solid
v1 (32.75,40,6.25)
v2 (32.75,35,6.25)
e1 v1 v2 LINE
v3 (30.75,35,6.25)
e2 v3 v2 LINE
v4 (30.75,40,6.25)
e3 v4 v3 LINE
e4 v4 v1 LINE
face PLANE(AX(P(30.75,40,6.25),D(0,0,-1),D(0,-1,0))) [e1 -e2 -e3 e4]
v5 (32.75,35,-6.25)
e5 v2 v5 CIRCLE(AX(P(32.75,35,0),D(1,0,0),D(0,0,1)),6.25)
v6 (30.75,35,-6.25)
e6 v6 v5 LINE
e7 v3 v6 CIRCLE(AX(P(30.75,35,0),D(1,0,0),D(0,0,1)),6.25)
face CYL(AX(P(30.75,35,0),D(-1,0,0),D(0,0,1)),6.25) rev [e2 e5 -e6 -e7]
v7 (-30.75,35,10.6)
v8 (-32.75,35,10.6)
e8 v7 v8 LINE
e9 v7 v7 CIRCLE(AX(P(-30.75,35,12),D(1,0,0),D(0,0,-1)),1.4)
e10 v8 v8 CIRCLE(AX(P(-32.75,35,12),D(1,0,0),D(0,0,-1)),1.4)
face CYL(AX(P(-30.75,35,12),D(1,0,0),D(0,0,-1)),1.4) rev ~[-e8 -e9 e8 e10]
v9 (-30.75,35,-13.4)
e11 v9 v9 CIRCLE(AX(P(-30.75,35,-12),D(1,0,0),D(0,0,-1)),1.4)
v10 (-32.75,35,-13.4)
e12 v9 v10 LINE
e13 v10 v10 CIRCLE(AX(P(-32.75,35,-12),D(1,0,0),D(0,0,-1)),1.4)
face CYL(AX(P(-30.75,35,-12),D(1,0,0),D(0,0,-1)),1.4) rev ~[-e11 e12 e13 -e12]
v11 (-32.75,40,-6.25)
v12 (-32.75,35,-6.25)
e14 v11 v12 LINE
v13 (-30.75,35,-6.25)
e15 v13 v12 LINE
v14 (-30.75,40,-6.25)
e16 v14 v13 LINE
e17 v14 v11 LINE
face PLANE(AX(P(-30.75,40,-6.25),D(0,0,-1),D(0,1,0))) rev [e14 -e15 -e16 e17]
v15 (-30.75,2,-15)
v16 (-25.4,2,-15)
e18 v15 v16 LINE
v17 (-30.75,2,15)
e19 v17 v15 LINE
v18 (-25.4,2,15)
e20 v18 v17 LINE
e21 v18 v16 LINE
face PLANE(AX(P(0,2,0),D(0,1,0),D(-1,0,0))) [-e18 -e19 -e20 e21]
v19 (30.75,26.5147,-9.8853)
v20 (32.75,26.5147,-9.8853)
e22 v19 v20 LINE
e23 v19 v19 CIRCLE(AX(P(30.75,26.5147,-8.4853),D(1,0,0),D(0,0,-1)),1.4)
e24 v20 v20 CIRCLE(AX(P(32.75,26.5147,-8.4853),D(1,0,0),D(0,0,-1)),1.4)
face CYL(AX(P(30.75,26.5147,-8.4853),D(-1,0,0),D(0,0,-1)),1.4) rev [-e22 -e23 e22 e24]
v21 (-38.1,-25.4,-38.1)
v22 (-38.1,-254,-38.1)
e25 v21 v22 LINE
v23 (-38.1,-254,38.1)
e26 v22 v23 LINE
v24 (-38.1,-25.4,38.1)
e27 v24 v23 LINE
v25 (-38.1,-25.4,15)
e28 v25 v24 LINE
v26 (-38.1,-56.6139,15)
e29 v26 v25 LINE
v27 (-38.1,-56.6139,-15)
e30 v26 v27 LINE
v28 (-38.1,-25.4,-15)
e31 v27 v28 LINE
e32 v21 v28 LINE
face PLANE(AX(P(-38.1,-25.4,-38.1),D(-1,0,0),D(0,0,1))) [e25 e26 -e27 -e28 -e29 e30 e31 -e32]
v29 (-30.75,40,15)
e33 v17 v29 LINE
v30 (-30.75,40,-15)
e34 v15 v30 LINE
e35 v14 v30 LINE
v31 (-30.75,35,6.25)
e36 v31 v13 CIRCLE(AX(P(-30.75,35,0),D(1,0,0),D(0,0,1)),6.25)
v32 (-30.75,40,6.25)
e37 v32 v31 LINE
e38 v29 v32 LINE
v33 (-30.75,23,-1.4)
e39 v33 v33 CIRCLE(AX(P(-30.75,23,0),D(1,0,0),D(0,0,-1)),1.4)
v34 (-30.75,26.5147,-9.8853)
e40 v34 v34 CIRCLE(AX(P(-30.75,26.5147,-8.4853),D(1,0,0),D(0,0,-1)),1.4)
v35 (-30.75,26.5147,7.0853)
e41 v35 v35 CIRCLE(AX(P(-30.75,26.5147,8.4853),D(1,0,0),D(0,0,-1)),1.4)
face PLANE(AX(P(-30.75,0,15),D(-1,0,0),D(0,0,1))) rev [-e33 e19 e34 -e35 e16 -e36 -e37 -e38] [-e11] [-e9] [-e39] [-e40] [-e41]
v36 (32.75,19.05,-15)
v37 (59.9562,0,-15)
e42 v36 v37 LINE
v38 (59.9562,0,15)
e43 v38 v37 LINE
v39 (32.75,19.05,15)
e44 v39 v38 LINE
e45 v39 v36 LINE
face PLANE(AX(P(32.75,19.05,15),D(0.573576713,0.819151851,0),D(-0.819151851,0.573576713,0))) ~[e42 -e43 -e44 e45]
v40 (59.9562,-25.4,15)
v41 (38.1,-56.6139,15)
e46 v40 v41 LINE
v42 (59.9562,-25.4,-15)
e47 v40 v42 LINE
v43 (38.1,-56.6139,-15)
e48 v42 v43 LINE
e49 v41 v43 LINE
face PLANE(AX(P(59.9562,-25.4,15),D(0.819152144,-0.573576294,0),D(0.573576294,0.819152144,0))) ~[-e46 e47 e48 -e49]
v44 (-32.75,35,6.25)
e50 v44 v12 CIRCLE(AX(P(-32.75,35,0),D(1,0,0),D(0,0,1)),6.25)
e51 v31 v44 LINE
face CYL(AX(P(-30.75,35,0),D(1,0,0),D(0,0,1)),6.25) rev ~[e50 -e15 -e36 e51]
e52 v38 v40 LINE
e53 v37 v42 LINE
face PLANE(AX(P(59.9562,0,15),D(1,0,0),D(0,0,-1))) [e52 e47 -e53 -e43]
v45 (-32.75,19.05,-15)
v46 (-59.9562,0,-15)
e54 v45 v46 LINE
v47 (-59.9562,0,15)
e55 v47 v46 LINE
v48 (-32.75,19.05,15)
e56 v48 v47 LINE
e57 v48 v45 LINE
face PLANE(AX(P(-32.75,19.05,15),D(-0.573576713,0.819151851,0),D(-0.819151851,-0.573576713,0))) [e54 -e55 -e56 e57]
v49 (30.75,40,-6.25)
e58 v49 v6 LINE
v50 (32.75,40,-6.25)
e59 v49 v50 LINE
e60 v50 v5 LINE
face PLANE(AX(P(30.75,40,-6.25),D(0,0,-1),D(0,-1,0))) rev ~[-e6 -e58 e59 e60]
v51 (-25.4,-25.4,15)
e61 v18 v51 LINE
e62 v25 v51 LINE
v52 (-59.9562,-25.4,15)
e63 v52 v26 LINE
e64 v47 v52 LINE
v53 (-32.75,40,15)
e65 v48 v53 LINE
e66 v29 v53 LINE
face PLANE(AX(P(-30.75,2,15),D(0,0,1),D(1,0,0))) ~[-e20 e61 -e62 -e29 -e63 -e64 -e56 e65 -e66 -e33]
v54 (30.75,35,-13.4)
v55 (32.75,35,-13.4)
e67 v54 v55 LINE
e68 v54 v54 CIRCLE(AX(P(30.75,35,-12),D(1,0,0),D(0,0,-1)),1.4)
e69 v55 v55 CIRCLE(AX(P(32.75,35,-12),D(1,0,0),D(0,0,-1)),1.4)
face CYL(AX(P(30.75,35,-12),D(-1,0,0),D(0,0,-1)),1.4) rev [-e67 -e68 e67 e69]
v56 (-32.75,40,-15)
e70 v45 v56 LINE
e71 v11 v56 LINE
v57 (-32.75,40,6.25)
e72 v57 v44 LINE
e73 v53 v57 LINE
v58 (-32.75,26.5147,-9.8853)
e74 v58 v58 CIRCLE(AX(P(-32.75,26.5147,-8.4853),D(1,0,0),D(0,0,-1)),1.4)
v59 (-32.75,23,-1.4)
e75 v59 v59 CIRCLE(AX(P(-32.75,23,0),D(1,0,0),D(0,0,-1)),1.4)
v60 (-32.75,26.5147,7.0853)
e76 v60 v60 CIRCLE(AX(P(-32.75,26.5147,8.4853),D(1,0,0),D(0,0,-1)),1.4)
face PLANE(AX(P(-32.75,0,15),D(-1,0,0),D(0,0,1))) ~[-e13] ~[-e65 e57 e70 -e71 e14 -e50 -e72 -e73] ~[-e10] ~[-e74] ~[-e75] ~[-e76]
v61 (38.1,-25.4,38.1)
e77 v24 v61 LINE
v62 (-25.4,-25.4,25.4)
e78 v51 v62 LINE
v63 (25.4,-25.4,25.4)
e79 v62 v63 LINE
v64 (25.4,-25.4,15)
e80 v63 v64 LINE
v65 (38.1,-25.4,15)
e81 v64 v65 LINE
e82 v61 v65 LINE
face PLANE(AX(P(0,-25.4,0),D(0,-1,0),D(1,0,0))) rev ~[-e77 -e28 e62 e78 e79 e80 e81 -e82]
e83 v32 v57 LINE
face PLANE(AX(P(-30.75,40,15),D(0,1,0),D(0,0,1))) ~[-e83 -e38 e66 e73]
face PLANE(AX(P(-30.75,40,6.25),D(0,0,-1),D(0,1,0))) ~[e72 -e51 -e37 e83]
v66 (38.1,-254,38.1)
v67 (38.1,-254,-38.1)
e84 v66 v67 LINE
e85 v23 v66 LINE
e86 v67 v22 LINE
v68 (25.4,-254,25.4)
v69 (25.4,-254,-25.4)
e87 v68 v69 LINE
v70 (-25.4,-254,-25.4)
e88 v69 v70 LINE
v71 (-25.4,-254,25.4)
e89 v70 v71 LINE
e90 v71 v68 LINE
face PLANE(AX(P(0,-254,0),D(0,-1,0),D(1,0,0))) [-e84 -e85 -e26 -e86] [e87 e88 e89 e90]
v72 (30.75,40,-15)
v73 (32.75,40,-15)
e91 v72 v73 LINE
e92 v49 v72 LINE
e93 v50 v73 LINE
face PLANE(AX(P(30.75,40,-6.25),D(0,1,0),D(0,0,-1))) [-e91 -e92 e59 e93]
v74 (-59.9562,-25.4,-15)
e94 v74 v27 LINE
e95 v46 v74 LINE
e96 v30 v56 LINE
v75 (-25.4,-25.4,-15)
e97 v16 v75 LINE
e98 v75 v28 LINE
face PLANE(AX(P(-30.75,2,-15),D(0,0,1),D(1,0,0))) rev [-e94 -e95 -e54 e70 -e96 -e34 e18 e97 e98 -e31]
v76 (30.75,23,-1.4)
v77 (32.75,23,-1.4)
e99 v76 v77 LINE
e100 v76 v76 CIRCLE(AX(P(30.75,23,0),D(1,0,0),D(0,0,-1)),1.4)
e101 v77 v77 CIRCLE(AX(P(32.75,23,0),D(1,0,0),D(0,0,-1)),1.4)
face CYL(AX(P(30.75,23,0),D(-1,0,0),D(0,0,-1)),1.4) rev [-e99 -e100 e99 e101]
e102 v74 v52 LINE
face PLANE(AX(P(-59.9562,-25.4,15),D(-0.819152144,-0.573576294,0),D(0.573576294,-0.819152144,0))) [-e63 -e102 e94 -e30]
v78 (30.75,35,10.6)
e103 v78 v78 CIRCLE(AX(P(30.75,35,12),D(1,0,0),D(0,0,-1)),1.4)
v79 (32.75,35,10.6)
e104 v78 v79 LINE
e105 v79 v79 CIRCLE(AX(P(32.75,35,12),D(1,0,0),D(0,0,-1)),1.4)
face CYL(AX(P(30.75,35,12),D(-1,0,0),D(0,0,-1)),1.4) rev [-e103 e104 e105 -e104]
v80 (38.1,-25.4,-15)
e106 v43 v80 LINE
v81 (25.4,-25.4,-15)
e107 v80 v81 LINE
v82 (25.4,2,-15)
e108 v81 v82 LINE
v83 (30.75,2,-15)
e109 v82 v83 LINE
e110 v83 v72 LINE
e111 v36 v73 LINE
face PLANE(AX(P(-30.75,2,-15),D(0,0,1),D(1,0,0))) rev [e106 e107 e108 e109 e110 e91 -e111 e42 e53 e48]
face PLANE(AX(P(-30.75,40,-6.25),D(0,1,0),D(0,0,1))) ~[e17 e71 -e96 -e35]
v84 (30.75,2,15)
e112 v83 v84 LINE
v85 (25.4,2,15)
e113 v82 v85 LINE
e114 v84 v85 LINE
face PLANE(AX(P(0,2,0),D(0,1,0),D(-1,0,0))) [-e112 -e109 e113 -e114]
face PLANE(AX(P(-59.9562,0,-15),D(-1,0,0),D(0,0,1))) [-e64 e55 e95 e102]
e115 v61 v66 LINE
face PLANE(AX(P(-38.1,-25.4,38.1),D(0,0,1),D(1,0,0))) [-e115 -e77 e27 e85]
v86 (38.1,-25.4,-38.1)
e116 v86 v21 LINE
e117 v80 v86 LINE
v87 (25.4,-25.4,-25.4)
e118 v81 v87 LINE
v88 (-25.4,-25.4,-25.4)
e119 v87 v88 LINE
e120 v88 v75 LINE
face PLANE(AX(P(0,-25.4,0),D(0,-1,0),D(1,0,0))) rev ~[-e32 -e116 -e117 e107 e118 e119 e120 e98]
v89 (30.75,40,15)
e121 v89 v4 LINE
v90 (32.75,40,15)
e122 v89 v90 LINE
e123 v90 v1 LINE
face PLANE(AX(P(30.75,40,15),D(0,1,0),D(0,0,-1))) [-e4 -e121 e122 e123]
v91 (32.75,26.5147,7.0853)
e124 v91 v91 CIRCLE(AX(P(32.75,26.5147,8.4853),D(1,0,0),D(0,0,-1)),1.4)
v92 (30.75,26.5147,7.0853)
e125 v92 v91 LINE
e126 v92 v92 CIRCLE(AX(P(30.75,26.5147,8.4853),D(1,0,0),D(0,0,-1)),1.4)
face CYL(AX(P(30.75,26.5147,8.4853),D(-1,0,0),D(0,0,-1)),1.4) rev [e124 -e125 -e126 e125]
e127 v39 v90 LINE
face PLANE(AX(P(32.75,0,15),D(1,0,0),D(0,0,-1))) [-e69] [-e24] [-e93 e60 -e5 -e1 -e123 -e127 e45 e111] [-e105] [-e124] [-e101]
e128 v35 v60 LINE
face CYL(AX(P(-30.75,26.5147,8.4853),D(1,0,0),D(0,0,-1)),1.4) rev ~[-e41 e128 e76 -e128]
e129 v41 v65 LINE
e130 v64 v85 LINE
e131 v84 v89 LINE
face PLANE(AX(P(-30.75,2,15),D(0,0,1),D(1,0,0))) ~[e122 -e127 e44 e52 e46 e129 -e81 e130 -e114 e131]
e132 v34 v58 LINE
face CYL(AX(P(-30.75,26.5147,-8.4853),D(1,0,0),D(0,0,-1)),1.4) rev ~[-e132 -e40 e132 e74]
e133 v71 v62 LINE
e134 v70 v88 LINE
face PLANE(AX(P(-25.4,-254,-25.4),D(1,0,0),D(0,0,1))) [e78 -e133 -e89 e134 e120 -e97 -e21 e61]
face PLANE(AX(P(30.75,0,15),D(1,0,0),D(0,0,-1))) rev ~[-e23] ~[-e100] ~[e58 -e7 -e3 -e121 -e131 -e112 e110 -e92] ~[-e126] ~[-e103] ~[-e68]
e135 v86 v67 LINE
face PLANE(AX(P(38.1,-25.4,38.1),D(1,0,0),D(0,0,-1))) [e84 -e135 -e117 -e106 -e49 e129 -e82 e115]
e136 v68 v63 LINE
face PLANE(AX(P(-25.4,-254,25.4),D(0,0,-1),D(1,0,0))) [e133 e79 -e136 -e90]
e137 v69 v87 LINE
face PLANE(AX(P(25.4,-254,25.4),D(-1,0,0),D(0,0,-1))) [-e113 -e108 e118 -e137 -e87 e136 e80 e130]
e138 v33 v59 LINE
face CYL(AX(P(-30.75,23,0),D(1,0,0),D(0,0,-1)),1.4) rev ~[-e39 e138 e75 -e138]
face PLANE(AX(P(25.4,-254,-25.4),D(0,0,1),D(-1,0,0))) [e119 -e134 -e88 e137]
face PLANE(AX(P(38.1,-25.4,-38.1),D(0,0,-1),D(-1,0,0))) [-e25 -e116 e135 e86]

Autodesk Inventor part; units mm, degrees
ref_plane "XZ Plane" through (0, 0, 0) normal (0, 1, 0) x (-1, 0, 0)
ref_plane "XY Plane" through (0, 0, 0) normal (0, 0, 1) x (1, 0, 0)
sketch "Sketch1" plane through (0, 0, 0) normal (0, 1, 0) x (-1, 0, 0)
  line L0 (30.75, -15) -> (-30.75, -15)
  line L1 (-30.75, -15) -> (-30.75, 15)
  line L2 (-30.75, 15) -> (30.75, 15)
  line L3 (30.75, 15) -> (30.75, -15)
  point P0 (0, 0)
  point P1 (-30.75, 0)
  point P2 (0, -15)
  dimension "d0" = 61.5
  dimension "d1" = 30
extrude "Extrusion1" add sketch "Sketch1" along normal blind 2
sketch "Sketch2" plane through (30.75, 0, 15) normal (1, 0, 0) x (0, 0, -1)
  line L0 (0, 0) -> (30, 0) construction
  line L1 (0, 2) -> (30, 2) construction
  line L2 (0, 0) -> (0, 40)
  line L3 (30, 0) -> (30, 40)
  line L4 (0, 0) -> (30, 0)
  circle A0 centre (15, 35) radius 12 construction
  arc A1 (8.75, 35) -> (21.25, 35) centre (15, 35) ccw
  line L5 (8.75, 40) -> (8.75, 35)
  line L6 (21.25, 40) -> (21.25, 35)
  line L7 (0, 40) -> (8.75, 40)
  line L8 (21.25, 40) -> (30, 40)
  circle A2 centre (3, 35) radius 1.4
  circle A3 centre (6.5147, 26.5147) radius 1.4
  circle A4 centre (15, 23) radius 1.4
  circle A5 centre (23.4853, 26.5147) radius 1.4
  circle A6 centre (27, 35) radius 1.4
  point P0 (15, 0)
  point P1 (15, 2)
  point P2 (15, 28.75)
  dimension "d5" = 24
  dimension "d4" = 40
  dimension "d6" = 35
  dimension "d7" = 12.5
  dimension "d9" = 2.8
  dimension "d12" = 180
extrude "Extrusion2" add sketch "Sketch2" along normal blind 2
mirror "Mirror1" about plane through (0, 0, 0) normal (1, 0, 0) of "Extrusion2"
sketch "Sketch3" plane through (30.75, 2, 15) normal (0, 0, 1) x (1, 0, 0)
  line L0 (-63.5, 38) -> (-63.5, -2) construction
  line L1 (-63.5, 17.05) -> (-90.7062, -2)
  line L2 (-63.5, 17.05) -> (-63.5, -2)
  line L3 (-63.5, -2) -> (-90.7062, -2)
  point P0 (-30.75, -2)
  dimension "d16" = 19.05
  dimension "d17" = 55
extrude "Extrusion3" add sketch "Sketch3" against normal blind 30
mirror "Mirror2" about plane through (0, 0, 0) normal (1, 0, 0) of "Extrusion3"
sketch "Sketch4" plane through (0, 0, 0) normal (0, -1, 0) x (1, 0, 0)
  line L0 (-59.9562, 15) -> (59.9562, 15)
  line L1 (59.9562, 15) -> (59.9562, -15)
  line L2 (59.9562, -15) -> (-59.9562, -15)
  line L3 (-59.9562, -15) -> (-59.9562, 15)
  point P0 (0, 0)
extrude "Extrusion4" add sketch "Sketch4" along normal blind 25.4
sketch "Sketch5" plane through (0, -25.4, 0) normal (0, -1, 0) x (1, 0, 0)
  line L0 (-38.1, 38.1) -> (38.1, 38.1)
  line L1 (38.1, 38.1) -> (38.1, -38.1)
  line L2 (38.1, -38.1) -> (-38.1, -38.1)
  line L3 (-38.1, -38.1) -> (-38.1, 38.1)
  point P0 (0, 0)
  point P1 (0, 38.1)
  point P2 (38.1, 0)
  dimension "d22" = 76.2
  dimension "d23" = 76.2
extrude "Extrusion5" add sketch "Sketch5" along normal blind 228.6
sketch "Sketch6" plane through (30.75, 2, 15) normal (0, 0, 1) x (1, 0, 0)
  line L0 (-90.7062, -27.4) -> (-68.85, -58.6139)
  line L1 (-68.85, -27.4) -> (-68.85, -256) construction
  line L2 (-90.7062, -27.4) -> (-52.6011, -27.4) construction
  line L3 (-90.7062, -27.4) -> (-68.85, -27.4)
  line L4 (-68.85, -58.6139) -> (-68.85, -27.4)
  point P0 (-30.75, -2)
  dimension "d26" = 55
extrude "Extrusion6" add sketch "Sketch6" against normal blind 30
mirror "Mirror3" about plane through (0, 0, 0) normal (1, 0, 0) of "Extrusion6"
sketch "Sketch7" plane through (0, -254, 0) normal (0, -1, 0) x (1, 0, 0)
  line L0 (38.1, -38.1) -> (38.1, 38.1) construction
  line L1 (38.1, 38.1) -> (-38.1, 38.1) construction
  line L2 (25.4, -25.4) -> (-25.4, -25.4)
  line L3 (-25.4, -25.4) -> (-25.4, 25.4)
  line L4 (-25.4, 25.4) -> (25.4, 25.4)
  line L5 (25.4, 25.4) -> (25.4, -25.4)
  point P0 (0, 0)
  point P1 (0, 25.4)
  point P2 (0, 38.1)
  point P3 (25.4, 0)
  point P4 (38.1, 0)
  dimension "d29" = 50.8
  dimension "d30" = 50.8
extrude "Extrusion7" cut sketch "Sketch7" against normal blind 260.1875
properties part number "BiggerBracket"
